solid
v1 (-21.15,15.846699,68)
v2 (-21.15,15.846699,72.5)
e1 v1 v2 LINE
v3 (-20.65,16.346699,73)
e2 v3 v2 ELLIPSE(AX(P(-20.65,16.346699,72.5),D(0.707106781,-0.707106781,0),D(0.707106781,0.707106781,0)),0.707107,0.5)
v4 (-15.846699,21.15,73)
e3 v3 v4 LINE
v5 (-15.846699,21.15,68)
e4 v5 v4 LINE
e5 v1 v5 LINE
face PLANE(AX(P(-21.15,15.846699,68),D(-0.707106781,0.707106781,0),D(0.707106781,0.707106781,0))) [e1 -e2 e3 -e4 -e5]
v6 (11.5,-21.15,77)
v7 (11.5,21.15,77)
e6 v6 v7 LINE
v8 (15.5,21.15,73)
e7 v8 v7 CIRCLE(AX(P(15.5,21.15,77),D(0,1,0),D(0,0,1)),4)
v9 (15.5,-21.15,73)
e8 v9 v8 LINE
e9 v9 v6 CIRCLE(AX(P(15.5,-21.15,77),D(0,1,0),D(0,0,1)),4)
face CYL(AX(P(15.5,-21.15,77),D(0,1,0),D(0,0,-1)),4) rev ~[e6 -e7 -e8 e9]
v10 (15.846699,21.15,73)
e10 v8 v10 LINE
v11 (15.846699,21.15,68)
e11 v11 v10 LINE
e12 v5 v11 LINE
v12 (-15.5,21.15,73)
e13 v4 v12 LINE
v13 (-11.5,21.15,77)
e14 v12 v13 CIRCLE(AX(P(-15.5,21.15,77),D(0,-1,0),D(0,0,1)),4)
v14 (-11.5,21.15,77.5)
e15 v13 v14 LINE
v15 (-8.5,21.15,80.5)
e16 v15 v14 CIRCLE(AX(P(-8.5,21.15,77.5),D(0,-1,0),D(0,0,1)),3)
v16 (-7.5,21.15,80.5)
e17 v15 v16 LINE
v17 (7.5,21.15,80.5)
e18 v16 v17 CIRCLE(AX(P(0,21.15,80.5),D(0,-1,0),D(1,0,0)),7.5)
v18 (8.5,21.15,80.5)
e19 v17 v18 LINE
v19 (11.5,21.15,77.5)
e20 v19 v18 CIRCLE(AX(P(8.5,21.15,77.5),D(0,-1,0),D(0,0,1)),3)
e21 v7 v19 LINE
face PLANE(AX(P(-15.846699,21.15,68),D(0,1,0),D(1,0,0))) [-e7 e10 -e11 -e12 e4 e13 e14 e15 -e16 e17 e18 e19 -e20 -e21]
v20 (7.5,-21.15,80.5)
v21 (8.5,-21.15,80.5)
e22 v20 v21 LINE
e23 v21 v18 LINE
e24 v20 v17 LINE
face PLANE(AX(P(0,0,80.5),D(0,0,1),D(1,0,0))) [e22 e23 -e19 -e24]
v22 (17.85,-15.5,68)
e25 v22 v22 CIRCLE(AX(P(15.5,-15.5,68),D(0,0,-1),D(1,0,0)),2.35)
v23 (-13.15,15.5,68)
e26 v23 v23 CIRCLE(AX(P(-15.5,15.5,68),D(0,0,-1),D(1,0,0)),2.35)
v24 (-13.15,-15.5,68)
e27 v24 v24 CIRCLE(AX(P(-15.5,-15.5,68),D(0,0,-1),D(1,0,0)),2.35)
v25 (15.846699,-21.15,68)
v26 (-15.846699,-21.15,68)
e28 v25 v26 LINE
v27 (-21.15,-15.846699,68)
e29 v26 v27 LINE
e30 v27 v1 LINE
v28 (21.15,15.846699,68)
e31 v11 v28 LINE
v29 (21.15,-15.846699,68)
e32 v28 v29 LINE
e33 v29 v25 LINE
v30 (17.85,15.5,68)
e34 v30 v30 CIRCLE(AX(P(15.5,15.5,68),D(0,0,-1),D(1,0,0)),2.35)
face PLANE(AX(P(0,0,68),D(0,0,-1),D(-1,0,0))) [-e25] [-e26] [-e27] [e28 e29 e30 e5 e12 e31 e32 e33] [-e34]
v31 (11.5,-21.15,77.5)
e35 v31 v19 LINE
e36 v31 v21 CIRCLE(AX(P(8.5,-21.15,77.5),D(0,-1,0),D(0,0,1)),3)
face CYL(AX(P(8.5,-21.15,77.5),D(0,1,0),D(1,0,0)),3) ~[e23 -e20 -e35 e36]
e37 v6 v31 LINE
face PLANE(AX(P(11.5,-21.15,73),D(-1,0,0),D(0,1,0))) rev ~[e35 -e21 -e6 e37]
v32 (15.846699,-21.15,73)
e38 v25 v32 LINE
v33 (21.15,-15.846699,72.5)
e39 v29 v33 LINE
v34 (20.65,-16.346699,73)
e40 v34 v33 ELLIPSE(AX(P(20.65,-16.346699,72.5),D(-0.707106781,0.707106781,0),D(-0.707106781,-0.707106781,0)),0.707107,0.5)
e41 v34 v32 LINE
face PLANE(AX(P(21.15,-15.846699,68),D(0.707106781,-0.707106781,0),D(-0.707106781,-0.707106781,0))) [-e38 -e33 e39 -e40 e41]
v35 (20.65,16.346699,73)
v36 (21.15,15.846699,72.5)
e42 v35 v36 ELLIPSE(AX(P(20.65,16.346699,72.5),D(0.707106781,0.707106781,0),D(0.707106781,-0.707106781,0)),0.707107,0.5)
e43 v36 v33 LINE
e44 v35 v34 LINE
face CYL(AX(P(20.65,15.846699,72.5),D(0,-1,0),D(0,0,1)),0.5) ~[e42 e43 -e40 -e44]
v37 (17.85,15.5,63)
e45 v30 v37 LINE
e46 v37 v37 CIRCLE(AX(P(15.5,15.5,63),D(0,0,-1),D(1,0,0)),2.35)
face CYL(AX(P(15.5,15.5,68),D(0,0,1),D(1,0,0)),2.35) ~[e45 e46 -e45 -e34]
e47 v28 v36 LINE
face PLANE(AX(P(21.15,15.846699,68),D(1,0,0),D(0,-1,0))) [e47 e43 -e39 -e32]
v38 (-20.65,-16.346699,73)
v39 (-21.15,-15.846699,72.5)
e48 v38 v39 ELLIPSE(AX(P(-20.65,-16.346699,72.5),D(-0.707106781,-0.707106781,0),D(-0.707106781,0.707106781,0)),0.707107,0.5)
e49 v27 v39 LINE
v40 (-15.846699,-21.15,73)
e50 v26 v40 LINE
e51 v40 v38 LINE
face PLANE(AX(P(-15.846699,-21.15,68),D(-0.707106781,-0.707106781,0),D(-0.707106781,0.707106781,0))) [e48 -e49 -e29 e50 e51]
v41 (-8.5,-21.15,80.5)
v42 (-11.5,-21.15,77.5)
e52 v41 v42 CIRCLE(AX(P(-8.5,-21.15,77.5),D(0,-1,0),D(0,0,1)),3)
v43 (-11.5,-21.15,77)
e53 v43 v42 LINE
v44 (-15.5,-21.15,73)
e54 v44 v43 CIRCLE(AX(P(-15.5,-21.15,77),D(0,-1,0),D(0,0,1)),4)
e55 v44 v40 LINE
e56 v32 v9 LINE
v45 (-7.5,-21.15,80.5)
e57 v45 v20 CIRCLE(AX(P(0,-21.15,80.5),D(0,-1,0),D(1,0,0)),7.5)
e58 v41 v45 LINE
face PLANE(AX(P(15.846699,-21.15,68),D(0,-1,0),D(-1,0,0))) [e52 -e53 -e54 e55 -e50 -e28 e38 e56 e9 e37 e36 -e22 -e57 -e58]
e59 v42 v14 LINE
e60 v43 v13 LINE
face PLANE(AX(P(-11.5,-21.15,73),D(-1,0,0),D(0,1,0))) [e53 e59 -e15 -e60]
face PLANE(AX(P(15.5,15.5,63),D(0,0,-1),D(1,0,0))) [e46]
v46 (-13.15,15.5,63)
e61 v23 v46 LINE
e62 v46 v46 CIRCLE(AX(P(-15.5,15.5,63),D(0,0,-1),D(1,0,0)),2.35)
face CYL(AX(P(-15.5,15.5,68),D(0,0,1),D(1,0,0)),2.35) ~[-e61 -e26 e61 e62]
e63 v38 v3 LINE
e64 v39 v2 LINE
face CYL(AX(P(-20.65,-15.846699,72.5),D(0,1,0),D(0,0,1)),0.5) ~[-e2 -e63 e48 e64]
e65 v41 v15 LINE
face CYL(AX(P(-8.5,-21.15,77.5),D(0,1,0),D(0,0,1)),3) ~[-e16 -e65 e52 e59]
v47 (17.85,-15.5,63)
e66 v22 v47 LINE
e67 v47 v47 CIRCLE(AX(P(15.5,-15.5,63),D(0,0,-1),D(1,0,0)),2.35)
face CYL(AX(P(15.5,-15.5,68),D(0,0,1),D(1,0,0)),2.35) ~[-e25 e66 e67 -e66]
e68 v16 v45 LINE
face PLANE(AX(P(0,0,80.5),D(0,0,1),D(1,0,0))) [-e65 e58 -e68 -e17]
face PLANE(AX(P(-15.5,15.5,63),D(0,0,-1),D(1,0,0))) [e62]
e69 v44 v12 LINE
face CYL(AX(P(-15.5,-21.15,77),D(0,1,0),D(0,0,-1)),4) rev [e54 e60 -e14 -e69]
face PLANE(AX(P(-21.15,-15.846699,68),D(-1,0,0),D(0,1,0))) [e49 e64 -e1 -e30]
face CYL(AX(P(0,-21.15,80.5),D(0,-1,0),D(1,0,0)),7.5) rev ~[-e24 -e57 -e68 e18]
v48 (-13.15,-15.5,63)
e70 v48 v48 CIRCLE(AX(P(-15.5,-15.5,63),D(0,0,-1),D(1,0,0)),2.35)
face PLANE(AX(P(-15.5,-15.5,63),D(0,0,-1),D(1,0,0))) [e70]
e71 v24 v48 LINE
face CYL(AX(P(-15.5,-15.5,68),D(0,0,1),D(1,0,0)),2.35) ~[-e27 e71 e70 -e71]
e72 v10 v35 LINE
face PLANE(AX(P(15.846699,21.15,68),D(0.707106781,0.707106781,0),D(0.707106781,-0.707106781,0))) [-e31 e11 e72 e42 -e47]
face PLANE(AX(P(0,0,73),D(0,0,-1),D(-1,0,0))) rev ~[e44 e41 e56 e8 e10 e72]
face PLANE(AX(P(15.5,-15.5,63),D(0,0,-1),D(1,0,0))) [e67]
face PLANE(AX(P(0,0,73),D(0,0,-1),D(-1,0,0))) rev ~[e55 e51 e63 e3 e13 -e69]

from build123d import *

# Parameters (mm, degrees)
PAD_DEPTH       = 5
SKETCH056_R     = 2.35
PAD023_DEPTH    = 5
SKETCH057_W     = 23
SKETCH057_H     = 42.3
PAD024_DEPTH    = 7.5
SKETCH058_R     = 7.5
POCKET013_DEPTH = 100
FILLET_R        = 4
FILLET002_R     = 3
FILLET003_R     = 0.5


with BuildPart() as part:
    # Sketch (on Face1 of Binder) → Pad (new body)
    with BuildSketch(Plane.XY.offset(68)):
        Polygon((-21.15, 15.8466991411), (-15.8466991411, 21.15), (15.8466991411, 21.15), (21.15, 15.8466991411), (21.15, -15.8466991411), (15.8466991411, -21.15), (-15.8466991411, -21.15), (-21.15, -15.8466991411), align=None)
    extrude(amount=PAD_DEPTH)

    # Sketch056 (on Face9 of Pad) → Pad023 (join)
    with BuildSketch(Plane(origin=(0, 0, 68), x_dir=(1, 0, 0), z_dir=(0, 0, -1))):
        with Locations((15.5, 15.5)):
            Circle(SKETCH056_R)
        with Locations((15.5, -15.5)):
            Circle(SKETCH056_R)
        with Locations((-15.5, -15.5)):
            Circle(SKETCH056_R)
        with Locations((-15.5, 15.5)):
            Circle(SKETCH056_R)
    extrude(amount=PAD023_DEPTH)

    # Sketch057 (on Face5 of Pad023) → Pad024 (join)
    with BuildSketch(Plane.XY.offset(73)):
        Rectangle(SKETCH057_W, SKETCH057_H)
    extrude(amount=PAD024_DEPTH)

    # Sketch058 (on Face20 of Pad024) → Pocket013 (cut)
    with BuildSketch(Plane.XZ.offset(21.15)):
        with Locations((0, 80.5)):
            Circle(SKETCH058_R)
    extrude(amount=-POCKET013_DEPTH, mode=Mode.SUBTRACT)

    # Fillet
    fillet_edges = [part.edges().sort_by_distance(p)[0] for p in [
        (11.5, 0, 73),
        (-11.5, 0, 73),
    ]]
    fillet(fillet_edges, radius=FILLET_R)

    # Fillet002
    fillet002_edges = [part.edges().sort_by_distance(p)[0] for p in [
        (-11.5, 0, 80.5),
        (11.5, 0, 80.5),
    ]]
    fillet(fillet002_edges, radius=FILLET002_R)

    # Fillet003
    fillet003_edges = [part.edges().sort_by_distance(p)[0] for p in [
        (21.15, 0, 73),
        (-21.15, 0, 73),
    ]]
    fillet(fillet003_edges, radius=FILLET003_R)


solid = part.part
